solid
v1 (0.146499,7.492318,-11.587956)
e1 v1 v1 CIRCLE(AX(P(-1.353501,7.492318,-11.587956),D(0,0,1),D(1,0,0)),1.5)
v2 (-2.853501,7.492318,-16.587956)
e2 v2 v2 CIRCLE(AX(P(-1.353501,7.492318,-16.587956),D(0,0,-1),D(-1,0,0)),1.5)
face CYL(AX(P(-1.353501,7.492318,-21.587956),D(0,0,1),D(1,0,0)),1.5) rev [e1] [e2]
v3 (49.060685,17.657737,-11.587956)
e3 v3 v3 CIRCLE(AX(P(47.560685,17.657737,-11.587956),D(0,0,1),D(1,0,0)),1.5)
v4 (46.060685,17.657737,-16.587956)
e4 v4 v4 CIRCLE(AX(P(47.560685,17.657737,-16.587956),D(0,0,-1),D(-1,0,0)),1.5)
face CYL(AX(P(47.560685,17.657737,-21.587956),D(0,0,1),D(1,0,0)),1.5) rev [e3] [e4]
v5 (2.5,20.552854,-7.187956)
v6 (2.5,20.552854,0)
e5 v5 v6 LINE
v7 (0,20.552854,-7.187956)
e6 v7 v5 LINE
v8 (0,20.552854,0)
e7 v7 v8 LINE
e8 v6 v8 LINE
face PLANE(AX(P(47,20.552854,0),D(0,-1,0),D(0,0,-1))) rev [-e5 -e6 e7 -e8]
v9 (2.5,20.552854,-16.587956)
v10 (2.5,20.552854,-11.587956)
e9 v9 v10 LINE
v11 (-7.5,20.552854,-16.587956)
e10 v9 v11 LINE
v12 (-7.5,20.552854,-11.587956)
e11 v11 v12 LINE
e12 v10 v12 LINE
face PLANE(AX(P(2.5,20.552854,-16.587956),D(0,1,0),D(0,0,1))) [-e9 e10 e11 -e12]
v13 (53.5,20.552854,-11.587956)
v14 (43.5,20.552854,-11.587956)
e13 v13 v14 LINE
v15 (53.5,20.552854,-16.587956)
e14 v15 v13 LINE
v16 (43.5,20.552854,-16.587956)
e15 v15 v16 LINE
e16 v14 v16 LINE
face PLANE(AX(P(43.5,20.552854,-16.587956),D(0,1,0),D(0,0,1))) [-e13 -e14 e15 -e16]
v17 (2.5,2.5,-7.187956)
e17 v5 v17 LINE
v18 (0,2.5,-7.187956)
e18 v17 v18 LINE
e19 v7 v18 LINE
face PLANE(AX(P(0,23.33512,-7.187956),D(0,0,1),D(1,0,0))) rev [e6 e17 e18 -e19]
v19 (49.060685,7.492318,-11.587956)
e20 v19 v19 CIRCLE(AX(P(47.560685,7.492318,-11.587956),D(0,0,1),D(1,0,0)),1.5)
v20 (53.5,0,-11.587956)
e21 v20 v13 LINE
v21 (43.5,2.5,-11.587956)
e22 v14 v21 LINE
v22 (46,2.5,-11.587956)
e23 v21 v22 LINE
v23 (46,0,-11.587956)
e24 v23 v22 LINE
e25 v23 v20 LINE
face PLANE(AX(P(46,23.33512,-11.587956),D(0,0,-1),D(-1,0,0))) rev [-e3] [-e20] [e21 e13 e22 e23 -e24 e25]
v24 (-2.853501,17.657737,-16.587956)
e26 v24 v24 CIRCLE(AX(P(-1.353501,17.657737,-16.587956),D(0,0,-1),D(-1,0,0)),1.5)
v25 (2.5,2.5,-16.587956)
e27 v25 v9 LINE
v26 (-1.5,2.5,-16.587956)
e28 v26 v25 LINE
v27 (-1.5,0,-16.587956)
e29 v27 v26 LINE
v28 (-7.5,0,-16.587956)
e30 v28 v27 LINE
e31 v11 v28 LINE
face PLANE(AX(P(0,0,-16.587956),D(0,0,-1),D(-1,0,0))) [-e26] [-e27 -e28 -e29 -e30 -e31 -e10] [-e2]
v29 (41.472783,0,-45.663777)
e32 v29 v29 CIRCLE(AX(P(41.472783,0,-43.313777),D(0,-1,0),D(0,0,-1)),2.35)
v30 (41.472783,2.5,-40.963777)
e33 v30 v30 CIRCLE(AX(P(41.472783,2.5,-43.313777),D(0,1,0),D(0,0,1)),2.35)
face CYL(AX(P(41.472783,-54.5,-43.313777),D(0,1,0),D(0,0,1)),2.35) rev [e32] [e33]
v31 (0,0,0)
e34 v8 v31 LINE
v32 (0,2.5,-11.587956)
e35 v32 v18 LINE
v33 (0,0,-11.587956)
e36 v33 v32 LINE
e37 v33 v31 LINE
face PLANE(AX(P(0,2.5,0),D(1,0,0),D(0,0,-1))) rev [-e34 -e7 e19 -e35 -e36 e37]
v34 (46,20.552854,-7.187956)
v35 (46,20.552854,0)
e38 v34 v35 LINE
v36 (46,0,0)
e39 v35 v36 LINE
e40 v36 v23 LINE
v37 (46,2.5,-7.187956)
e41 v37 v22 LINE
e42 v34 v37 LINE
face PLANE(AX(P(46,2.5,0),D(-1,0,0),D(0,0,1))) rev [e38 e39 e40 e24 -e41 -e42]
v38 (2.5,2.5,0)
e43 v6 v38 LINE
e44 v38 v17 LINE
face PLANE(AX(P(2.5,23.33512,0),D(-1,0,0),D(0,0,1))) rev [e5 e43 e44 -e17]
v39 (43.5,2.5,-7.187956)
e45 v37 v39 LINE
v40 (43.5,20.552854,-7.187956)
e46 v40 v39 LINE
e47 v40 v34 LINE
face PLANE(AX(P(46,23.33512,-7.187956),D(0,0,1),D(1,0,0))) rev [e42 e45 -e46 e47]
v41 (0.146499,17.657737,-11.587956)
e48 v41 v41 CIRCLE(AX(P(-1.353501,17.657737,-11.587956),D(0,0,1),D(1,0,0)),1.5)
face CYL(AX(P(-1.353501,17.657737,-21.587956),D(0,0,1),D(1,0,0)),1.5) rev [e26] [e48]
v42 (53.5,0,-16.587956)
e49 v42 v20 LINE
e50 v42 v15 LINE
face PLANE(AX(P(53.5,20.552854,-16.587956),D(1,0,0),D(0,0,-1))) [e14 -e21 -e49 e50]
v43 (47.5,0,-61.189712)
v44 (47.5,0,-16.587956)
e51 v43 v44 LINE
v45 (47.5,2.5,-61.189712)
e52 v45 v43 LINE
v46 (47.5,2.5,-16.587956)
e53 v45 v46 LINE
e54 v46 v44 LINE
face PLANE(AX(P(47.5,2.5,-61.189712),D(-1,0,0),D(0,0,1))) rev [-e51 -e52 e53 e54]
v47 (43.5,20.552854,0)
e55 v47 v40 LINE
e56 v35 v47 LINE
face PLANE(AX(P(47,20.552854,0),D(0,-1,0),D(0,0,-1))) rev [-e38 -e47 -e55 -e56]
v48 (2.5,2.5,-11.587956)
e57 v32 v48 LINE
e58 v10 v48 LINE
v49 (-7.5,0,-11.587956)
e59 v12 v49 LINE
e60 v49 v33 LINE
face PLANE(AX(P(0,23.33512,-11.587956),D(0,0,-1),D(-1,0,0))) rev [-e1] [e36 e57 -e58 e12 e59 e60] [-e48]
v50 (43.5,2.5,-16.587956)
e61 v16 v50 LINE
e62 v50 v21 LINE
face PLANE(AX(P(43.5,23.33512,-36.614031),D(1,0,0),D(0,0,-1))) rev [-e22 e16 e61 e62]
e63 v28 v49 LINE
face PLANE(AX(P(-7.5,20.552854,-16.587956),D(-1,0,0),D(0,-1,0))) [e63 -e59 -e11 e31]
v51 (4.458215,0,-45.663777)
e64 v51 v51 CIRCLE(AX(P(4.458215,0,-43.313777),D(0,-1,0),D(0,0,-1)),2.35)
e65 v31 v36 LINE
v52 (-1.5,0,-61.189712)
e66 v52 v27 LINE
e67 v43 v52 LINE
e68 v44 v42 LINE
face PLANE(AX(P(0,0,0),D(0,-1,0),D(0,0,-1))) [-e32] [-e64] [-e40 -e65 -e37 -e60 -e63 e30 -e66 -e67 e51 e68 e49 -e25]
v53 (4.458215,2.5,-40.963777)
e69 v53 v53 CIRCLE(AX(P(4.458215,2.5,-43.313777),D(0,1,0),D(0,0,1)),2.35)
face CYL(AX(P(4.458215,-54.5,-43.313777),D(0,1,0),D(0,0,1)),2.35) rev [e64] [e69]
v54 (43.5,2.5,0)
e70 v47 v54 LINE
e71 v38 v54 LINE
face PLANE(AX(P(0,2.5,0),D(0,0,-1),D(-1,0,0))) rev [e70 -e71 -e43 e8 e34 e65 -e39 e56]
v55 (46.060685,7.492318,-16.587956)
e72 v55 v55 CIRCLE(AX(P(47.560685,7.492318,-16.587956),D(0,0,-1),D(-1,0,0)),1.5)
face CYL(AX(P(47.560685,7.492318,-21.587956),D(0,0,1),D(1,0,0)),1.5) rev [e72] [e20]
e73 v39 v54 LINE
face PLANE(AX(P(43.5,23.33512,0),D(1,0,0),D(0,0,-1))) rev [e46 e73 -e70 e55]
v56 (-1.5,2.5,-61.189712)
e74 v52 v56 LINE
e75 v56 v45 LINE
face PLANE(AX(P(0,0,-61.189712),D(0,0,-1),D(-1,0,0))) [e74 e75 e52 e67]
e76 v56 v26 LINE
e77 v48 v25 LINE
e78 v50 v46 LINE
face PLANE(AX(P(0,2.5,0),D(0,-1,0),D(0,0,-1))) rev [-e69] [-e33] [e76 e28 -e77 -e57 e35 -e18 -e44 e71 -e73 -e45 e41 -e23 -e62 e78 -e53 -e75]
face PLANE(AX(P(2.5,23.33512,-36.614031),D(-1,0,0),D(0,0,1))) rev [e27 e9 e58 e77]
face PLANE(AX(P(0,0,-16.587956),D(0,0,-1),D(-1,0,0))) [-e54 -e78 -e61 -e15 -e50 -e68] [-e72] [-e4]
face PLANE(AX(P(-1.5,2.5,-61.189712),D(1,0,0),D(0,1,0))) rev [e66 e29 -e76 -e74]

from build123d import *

# Parameters (mm, degrees)
SKETCH1_W           = 46
SKETCH1_H           = 36.614031046
BOSS_EXTRUDE1_DEPTH = 2.5
SKETCH2_W           = 2.5
SKETCH2_H           = 25.026075356
SKETCH2_H_2         = 7.18795569
BOSS_EXTRUDE2_DEPTH = 20.83511976
SKETCH4_W           = 10
SKETCH4_H           = 20.552854399
BOSS_EXTRUDE8_DEPTH = 5
SKETCH5_W           = 20.026075356
SKETCH5_H           = 23.33511976
CUT_EXTRUDE1_DEPTH  = 100
SKETCH6_W           = 49
SKETCH6_H           = 2.5
BOSS_EXTRUDE9_DEPTH = 44.601756686
SKETCH7_R           = 2.35
CUT_EXTRUDE2_DEPTH  = 57
SKETCH9_W           = 16.58795569
SKETCH9_H           = 2.782265361
CUT_EXTRUDE3_DEPTH  = 47
SKETCH10_R          = 1.5
CUT_EXTRUDE4_DEPTH  = 10


with BuildPart() as part:
    # Sketch1 → Boss-Extrude1 (new body)
    with BuildSketch(Plane(origin=(0, 0, 0), x_dir=(1, 0, 0), z_dir=(0, 1, 0))):
        with Locations((23, 18.307015523)):
            Rectangle(SKETCH1_W, SKETCH1_H)
    extrude(amount=BOSS_EXTRUDE1_DEPTH)

    # Sketch2 → Boss-Extrude2 (add)
    with BuildSketch(Plane(origin=(0, 2.5, 0), x_dir=(1, 0, 0), z_dir=(0, 1, 0))):
        with Locations((1.25, 24.100993368)):
            Rectangle(SKETCH2_W, SKETCH2_H)
        with Locations((1.25, 3.593977845)):
            Rectangle(SKETCH2_W, SKETCH2_H_2)
        with Locations((44.75, 3.593977845)):
            Rectangle(SKETCH2_W, SKETCH2_H_2)
        with Locations((44.75, 24.100993368)):
            Rectangle(SKETCH2_W, SKETCH2_H)
    extrude(amount=BOSS_EXTRUDE2_DEPTH)

    # Sketch4 → Boss-Extrude8 (add)
    with BuildSketch(Plane.XY.offset(-11.58795569)):
        with Locations((-2.5, 10.2764272)):
            Rectangle(SKETCH4_W, SKETCH4_H)
        with Locations((48.5, 10.2764272)):
            Rectangle(SKETCH4_W, SKETCH4_H)
    extrude(amount=-BOSS_EXTRUDE8_DEPTH)

    # Sketch5 → Cut-Extrude1 (cut)
    with BuildSketch(Plane.ZY):
        with Locations((-26.600993368, 11.66755988)):
            Rectangle(SKETCH5_W, SKETCH5_H)
    extrude(amount=-CUT_EXTRUDE1_DEPTH, mode=Mode.SUBTRACT)

    # Sketch6 → Boss-Extrude9 (add)
    with BuildSketch(Plane(origin=(0, 0, -16.58795569), x_dir=(-1, 0, 0), z_dir=(0, 0, -1))):
        with Locations((-23, 1.25)):
            Rectangle(SKETCH6_W, SKETCH6_H)
    extrude(amount=BOSS_EXTRUDE9_DEPTH)

    # Sketch7 → Cut-Extrude2 (cut)
    with BuildSketch(Plane(origin=(0, 2.5, 0), x_dir=(1, 0, 0), z_dir=(0, 1, 0))):
        with Locations(Location((4.458214718, 43.313777074, 0), (0, 0, 270))):
            Circle(SKETCH7_R)
        with Locations(Location((41.472783072, 43.313777074, 0), (0, 0, 270))):
            Circle(SKETCH7_R)
    extrude(amount=-CUT_EXTRUDE2_DEPTH, mode=Mode.SUBTRACT)

    # Sketch9 → Cut-Extrude3 (cut)
    with BuildSketch(Plane.ZY):
        with Locations((-8.293977845, 21.94398708)):
            Rectangle(SKETCH9_W, SKETCH9_H)
    extrude(amount=-CUT_EXTRUDE3_DEPTH, mode=Mode.SUBTRACT)

    # Sketch10 → Cut-Extrude4 (cut)
    with BuildSketch(Plane.XY.offset(-11.58795569)):
        with Locations((-1.353500868, 17.657737488)):
            Circle(SKETCH10_R)
        with Locations((-1.353500868, 7.492318257)):
            Circle(SKETCH10_R)
        with Locations((47.56068481, 17.657737488)):
            Circle(SKETCH10_R)
        with Locations((47.56068481, 7.492318257)):
            Circle(SKETCH10_R)
    extrude(amount=-CUT_EXTRUDE4_DEPTH, mode=Mode.SUBTRACT)


solid = part.part
